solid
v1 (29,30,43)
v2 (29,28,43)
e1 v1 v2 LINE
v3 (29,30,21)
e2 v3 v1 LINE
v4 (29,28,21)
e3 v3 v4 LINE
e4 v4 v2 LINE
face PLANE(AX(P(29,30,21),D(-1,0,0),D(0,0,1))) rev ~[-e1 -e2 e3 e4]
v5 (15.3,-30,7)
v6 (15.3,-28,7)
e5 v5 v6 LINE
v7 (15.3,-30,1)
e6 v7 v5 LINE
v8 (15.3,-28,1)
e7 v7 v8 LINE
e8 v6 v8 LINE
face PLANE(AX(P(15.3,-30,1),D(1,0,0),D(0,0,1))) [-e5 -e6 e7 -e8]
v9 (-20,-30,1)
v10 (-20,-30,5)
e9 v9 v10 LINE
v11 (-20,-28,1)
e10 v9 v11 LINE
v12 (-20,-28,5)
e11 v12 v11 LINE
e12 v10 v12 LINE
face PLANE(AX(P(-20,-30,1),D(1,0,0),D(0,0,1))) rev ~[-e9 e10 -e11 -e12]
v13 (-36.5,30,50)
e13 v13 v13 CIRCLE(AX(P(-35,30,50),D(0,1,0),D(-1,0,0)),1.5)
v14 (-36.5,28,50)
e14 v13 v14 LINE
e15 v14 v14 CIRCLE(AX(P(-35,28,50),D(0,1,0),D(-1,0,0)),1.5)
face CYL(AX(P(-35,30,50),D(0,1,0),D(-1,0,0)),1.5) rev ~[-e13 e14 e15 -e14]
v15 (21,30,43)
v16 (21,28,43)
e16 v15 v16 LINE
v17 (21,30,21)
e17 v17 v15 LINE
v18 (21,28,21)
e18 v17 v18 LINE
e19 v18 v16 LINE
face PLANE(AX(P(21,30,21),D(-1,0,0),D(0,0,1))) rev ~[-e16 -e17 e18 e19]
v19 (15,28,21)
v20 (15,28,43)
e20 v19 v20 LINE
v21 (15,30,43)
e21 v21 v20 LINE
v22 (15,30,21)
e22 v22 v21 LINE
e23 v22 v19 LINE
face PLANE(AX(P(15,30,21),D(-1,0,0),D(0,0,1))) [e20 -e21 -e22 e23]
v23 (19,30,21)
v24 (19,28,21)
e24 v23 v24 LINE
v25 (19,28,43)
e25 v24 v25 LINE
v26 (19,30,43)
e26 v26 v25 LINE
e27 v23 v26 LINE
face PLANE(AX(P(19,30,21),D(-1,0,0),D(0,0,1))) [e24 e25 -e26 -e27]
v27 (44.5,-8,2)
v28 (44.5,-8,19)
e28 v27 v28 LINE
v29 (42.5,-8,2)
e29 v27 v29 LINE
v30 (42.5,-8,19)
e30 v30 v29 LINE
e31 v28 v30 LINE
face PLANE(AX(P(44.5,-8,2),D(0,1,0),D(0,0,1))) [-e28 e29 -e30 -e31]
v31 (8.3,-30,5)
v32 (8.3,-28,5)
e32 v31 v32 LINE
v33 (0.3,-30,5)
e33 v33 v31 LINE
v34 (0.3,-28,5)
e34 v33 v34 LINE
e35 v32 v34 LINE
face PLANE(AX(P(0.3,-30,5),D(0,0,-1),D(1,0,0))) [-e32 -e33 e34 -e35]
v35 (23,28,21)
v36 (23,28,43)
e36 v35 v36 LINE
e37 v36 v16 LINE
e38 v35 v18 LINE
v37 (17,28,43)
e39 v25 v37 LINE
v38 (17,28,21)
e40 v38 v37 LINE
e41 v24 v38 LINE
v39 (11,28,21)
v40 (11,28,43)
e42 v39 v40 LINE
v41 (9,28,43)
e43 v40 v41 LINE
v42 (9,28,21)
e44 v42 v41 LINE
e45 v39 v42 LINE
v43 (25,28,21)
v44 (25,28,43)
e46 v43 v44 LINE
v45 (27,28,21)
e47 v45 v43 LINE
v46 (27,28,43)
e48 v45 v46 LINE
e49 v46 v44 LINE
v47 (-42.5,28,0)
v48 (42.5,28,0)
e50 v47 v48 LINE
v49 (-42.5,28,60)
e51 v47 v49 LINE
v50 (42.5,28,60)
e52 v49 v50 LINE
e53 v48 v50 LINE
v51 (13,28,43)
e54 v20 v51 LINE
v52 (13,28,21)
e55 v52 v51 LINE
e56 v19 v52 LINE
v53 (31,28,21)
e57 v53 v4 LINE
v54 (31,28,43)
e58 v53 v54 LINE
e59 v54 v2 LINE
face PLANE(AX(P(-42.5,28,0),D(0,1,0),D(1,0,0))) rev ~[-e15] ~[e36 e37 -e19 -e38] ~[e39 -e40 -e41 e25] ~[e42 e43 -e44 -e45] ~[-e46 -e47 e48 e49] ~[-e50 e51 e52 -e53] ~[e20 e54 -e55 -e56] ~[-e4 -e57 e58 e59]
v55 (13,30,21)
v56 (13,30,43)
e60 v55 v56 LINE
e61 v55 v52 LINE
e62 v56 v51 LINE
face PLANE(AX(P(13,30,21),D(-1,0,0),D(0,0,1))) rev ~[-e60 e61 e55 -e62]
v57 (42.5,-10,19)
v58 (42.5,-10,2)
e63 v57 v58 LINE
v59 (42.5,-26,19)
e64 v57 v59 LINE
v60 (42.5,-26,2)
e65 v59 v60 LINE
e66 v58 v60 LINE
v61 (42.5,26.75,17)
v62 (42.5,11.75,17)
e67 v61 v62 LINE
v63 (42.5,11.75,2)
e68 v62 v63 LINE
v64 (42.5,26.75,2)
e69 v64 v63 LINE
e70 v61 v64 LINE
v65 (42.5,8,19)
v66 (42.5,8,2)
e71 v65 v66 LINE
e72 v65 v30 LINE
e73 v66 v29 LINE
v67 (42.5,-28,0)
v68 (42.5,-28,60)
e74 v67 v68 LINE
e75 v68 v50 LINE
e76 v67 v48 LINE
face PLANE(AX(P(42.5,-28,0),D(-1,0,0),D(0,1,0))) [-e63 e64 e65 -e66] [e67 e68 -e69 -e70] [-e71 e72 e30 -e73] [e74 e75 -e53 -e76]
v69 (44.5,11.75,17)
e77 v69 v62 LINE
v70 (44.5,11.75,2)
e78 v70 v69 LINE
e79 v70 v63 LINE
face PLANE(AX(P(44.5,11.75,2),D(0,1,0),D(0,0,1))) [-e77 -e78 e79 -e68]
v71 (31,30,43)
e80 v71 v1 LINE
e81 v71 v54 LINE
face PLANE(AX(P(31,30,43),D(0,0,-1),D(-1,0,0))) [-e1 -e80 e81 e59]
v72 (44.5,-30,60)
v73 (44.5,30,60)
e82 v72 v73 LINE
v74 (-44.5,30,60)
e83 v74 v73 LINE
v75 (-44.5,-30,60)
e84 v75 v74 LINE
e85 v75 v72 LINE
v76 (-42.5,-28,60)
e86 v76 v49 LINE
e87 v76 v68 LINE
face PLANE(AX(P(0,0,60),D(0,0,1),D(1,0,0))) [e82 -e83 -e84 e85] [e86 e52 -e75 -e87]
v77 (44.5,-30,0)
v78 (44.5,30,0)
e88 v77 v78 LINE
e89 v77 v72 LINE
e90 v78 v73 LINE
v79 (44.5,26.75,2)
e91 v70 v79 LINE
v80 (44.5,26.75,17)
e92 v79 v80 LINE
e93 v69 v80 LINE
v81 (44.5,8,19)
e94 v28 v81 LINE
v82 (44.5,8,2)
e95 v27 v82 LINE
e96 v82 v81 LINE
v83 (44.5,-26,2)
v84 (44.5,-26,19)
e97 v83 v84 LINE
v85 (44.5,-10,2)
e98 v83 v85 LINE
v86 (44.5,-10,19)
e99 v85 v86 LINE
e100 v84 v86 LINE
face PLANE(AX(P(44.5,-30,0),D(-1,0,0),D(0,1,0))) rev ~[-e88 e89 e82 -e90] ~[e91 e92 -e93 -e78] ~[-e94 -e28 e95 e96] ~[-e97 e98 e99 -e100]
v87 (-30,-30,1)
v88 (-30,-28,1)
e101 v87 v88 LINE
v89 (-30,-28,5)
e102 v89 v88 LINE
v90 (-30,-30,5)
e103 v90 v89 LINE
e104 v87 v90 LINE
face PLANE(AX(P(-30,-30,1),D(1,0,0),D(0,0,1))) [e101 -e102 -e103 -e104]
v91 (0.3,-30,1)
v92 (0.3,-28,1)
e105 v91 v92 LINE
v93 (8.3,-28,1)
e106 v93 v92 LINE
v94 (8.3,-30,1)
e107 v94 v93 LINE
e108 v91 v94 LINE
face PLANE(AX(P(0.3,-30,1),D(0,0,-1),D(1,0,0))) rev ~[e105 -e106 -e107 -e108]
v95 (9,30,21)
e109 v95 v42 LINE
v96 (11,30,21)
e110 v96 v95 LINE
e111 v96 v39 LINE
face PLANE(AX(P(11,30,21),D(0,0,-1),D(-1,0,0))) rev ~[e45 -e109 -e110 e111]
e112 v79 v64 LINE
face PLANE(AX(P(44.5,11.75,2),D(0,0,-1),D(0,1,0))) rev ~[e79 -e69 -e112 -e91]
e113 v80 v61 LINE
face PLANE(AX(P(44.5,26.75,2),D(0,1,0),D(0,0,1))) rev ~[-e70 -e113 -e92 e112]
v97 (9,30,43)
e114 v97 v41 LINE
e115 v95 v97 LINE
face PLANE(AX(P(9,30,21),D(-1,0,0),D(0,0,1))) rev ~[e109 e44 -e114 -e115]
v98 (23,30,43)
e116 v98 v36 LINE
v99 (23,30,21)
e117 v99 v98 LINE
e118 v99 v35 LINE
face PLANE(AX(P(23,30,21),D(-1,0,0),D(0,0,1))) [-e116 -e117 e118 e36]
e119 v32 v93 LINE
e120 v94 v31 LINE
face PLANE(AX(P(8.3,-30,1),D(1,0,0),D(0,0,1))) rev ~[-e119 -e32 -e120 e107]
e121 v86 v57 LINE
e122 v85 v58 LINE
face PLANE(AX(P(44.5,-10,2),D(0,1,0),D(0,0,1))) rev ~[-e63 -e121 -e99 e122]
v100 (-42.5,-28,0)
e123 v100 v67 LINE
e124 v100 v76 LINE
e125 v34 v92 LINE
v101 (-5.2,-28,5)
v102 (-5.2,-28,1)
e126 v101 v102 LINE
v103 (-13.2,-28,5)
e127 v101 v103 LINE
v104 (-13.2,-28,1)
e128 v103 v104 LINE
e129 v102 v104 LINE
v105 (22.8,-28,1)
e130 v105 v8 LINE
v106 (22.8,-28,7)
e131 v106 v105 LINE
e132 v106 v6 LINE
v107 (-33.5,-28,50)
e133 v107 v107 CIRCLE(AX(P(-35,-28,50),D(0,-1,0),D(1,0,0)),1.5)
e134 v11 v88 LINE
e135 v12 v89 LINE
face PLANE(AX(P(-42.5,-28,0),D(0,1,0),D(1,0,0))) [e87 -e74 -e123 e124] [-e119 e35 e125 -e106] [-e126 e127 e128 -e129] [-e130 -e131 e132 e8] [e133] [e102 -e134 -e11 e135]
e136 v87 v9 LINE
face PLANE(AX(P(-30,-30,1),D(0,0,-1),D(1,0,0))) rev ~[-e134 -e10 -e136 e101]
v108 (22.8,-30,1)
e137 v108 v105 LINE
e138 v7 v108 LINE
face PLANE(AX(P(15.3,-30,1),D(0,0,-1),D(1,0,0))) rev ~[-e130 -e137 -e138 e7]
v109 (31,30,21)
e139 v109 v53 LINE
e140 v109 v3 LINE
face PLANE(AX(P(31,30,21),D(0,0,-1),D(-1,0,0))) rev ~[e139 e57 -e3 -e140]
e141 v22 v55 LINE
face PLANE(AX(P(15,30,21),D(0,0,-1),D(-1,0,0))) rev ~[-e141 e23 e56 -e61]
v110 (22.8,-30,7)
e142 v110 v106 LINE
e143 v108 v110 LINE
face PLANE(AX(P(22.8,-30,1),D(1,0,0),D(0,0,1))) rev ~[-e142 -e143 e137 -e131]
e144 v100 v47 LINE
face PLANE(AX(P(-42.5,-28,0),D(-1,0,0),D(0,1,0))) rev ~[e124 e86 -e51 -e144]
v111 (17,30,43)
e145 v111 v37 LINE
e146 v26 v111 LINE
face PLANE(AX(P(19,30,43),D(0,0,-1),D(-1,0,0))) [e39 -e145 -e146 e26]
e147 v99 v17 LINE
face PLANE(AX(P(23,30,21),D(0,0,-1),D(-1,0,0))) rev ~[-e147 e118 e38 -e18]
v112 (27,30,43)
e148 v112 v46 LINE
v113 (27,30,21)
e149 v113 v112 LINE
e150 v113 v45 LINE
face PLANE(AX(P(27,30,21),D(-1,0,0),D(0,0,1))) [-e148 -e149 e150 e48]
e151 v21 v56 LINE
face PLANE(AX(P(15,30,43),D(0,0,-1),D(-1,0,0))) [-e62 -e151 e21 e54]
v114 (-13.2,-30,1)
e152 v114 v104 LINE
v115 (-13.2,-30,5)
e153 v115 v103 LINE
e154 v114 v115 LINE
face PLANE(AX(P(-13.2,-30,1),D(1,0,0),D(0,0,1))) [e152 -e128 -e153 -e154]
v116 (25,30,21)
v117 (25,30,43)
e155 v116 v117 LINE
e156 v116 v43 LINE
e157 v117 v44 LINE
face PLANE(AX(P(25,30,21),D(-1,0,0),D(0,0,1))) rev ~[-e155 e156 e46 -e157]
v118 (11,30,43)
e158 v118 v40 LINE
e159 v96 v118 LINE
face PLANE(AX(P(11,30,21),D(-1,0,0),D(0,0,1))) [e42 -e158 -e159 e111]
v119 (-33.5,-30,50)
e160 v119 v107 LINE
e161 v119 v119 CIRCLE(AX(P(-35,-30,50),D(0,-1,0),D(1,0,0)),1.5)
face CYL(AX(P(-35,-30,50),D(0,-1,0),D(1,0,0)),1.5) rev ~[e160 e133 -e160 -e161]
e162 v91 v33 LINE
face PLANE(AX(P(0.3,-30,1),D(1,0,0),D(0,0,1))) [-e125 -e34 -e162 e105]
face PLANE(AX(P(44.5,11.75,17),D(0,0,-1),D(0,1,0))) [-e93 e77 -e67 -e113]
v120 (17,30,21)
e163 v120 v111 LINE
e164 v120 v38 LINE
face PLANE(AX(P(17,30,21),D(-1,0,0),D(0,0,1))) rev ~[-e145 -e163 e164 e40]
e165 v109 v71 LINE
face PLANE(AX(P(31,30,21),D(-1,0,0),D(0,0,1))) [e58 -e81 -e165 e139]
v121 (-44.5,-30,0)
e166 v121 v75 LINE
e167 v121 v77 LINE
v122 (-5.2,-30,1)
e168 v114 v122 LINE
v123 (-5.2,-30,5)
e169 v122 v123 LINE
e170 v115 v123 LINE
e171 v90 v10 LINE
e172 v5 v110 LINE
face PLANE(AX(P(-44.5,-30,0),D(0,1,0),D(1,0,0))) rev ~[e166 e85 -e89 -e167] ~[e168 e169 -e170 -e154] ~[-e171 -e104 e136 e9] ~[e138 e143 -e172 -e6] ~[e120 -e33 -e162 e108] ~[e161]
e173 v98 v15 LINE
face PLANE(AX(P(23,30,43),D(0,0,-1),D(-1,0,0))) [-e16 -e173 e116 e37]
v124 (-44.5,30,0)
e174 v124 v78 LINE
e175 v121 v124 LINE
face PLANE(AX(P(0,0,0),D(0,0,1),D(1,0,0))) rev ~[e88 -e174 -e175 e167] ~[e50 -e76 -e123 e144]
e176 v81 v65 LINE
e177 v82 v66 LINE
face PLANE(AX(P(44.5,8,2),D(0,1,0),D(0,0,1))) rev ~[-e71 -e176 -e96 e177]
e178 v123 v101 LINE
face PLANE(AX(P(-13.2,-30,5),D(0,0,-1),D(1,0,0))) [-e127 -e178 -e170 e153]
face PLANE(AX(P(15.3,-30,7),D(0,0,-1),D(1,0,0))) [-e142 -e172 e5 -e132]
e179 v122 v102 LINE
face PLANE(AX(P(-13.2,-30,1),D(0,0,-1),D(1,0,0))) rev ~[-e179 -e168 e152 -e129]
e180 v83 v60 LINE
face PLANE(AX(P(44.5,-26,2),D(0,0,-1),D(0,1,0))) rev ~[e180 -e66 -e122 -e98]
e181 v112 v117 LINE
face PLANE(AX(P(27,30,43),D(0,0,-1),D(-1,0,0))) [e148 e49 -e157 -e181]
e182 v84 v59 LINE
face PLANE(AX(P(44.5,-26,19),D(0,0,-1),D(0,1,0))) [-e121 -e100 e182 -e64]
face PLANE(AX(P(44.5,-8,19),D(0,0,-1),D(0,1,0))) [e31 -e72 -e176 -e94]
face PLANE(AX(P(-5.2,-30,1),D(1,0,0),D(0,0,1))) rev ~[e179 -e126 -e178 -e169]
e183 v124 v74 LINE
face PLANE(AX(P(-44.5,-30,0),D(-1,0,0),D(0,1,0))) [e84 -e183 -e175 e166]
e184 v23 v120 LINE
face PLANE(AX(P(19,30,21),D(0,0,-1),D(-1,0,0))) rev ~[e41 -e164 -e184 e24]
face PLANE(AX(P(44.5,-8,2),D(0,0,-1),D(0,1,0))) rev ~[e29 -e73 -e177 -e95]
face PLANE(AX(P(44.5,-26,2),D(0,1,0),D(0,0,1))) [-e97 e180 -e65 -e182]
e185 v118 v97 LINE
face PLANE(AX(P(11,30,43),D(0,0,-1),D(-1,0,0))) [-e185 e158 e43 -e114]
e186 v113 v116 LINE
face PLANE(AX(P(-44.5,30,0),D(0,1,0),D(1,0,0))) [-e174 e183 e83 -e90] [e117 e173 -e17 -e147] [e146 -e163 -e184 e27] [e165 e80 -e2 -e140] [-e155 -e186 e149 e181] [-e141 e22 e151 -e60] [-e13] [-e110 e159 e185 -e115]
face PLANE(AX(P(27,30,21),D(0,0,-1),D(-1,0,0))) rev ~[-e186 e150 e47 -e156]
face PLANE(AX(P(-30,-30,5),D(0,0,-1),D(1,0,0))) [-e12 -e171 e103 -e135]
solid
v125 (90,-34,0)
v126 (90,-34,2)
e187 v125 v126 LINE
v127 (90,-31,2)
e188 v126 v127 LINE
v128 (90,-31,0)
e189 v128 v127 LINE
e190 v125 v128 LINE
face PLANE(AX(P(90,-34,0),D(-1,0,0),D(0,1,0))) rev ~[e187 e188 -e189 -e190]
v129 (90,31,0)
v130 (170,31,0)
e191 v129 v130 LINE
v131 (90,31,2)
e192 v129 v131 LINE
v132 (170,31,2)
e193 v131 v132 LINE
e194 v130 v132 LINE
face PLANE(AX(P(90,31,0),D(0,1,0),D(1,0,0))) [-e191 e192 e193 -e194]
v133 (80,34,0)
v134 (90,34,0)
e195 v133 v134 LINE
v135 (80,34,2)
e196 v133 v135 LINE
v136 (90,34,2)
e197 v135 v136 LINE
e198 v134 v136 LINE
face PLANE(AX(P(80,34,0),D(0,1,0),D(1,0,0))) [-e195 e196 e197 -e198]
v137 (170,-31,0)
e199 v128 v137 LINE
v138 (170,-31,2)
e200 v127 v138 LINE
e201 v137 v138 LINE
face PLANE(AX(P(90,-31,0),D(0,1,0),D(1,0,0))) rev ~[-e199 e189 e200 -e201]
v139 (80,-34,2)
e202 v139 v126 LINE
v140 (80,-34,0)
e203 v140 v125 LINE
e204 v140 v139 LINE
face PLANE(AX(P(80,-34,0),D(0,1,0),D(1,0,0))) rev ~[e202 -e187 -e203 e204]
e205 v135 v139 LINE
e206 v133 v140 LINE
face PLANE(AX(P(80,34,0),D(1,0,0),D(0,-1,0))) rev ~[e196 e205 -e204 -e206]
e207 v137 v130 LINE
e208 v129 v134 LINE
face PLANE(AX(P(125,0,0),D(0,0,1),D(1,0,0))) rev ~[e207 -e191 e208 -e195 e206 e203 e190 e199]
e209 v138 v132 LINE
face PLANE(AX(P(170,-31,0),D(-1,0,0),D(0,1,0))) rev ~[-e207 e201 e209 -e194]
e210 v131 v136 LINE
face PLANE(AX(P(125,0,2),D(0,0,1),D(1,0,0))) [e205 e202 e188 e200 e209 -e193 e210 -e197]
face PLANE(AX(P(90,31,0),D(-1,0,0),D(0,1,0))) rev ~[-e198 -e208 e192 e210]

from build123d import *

# Parameters (mm, degrees)
SKETCH_W        = 89
SKETCH_H        = 60
SKETCH_W_2      = 85
SKETCH_H_2      = 56
PAD_DEPTH       = 60
SKETCH001_R     = 1.5
SKETCH001_W     = 10
SKETCH001_H     = 4
SKETCH001_W_2   = 8
SKETCH001_W_3   = 7.5
SKETCH001_H_2   = 6
POCKET_DEPTH    = 5
SKETCH002_W     = 16
SKETCH002_H     = 17
SKETCH002_W_2   = 15
SKETCH002_H_2   = 15
POCKET001_DEPTH = 5
SKETCH003_R     = 1.5
SKETCH003_W     = 2
SKETCH003_H     = 22
POCKET002_DEPTH = 5
SKETCH004_W     = 90
SKETCH004_H     = 62
SKETCH004_W_2   = 10
SKETCH004_H_2   = 3
PAD001_DEPTH    = 2


with BuildPart() as pereti_carcasa:
    # Sketch → Pad (new body)
    with BuildSketch(Plane.XY):
        Rectangle(SKETCH_W, SKETCH_H)
        Rectangle(SKETCH_W_2, SKETCH_H_2, mode=Mode.SUBTRACT)
    extrude(amount=PAD_DEPTH)

    # Sketch001 (on Face3 of Pad) → Pocket (cut)
    with BuildSketch(Plane.XZ.offset(30)):
        with Locations((-35, 50)):
            Circle(SKETCH001_R)
        with Locations((-25, 3)):
            Rectangle(SKETCH001_W, SKETCH001_H)
        with Locations((-9.2, 3)):
            Rectangle(SKETCH001_W_2, SKETCH001_H)
        with Locations((4.3, 3)):
            Rectangle(SKETCH001_W_2, SKETCH001_H)
        with Locations((19.05, 4)):
            Rectangle(SKETCH001_W_3, SKETCH001_H_2)
    extrude(amount=-POCKET_DEPTH, mode=Mode.SUBTRACT)

    # Sketch002 (on Face3 of Pocket) → Pocket001 (cut)
    with BuildSketch(Plane.YZ.offset(44.5)):
        with Locations((-18, 10.5)):
            Rectangle(SKETCH002_W, SKETCH002_H)
        with Locations((0, 10.5)):
            Rectangle(SKETCH002_W, SKETCH002_H)
        with Locations((19.25, 9.5)):
            Rectangle(SKETCH002_W_2, SKETCH002_H_2)
    extrude(amount=-POCKET001_DEPTH, mode=Mode.SUBTRACT)

    # Sketch003 (on Face1 of Pocket001) → Pocket002 (cut)
    with BuildSketch(Plane(origin=(0, 30, 0), x_dir=(-1, 0, 0), z_dir=(0, 1, 0))):
        with Locations((35, 50)):
            Circle(SKETCH003_R)
        with Locations((-30, 32)):
            Rectangle(SKETCH003_W, SKETCH003_H)
        with Locations((-26, 32)):
            Rectangle(SKETCH003_W, SKETCH003_H)
        with Locations((-22, 32)):
            Rectangle(SKETCH003_W, SKETCH003_H)
        with Locations((-18, 32)):
            Rectangle(SKETCH003_W, SKETCH003_H)
        with Locations((-14, 32)):
            Rectangle(SKETCH003_W, SKETCH003_H)
        with Locations((-10, 32)):
            Rectangle(SKETCH003_W, SKETCH003_H)
    extrude(amount=-POCKET002_DEPTH, mode=Mode.SUBTRACT)


with BuildPart() as lid:
    # Sketch004 → Pad001 (new body)
    with BuildSketch(Plane.XY):
        with Locations((125, 0)):
            Rectangle(SKETCH004_W, SKETCH004_H)
        with Locations((85, 32.5)):
            Rectangle(SKETCH004_W_2, SKETCH004_H_2)
        with Locations((85, -32.5)):
            Rectangle(SKETCH004_W_2, SKETCH004_H_2)
    extrude(amount=PAD001_DEPTH)


solid = Compound([pereti_carcasa.part, lid.part])
